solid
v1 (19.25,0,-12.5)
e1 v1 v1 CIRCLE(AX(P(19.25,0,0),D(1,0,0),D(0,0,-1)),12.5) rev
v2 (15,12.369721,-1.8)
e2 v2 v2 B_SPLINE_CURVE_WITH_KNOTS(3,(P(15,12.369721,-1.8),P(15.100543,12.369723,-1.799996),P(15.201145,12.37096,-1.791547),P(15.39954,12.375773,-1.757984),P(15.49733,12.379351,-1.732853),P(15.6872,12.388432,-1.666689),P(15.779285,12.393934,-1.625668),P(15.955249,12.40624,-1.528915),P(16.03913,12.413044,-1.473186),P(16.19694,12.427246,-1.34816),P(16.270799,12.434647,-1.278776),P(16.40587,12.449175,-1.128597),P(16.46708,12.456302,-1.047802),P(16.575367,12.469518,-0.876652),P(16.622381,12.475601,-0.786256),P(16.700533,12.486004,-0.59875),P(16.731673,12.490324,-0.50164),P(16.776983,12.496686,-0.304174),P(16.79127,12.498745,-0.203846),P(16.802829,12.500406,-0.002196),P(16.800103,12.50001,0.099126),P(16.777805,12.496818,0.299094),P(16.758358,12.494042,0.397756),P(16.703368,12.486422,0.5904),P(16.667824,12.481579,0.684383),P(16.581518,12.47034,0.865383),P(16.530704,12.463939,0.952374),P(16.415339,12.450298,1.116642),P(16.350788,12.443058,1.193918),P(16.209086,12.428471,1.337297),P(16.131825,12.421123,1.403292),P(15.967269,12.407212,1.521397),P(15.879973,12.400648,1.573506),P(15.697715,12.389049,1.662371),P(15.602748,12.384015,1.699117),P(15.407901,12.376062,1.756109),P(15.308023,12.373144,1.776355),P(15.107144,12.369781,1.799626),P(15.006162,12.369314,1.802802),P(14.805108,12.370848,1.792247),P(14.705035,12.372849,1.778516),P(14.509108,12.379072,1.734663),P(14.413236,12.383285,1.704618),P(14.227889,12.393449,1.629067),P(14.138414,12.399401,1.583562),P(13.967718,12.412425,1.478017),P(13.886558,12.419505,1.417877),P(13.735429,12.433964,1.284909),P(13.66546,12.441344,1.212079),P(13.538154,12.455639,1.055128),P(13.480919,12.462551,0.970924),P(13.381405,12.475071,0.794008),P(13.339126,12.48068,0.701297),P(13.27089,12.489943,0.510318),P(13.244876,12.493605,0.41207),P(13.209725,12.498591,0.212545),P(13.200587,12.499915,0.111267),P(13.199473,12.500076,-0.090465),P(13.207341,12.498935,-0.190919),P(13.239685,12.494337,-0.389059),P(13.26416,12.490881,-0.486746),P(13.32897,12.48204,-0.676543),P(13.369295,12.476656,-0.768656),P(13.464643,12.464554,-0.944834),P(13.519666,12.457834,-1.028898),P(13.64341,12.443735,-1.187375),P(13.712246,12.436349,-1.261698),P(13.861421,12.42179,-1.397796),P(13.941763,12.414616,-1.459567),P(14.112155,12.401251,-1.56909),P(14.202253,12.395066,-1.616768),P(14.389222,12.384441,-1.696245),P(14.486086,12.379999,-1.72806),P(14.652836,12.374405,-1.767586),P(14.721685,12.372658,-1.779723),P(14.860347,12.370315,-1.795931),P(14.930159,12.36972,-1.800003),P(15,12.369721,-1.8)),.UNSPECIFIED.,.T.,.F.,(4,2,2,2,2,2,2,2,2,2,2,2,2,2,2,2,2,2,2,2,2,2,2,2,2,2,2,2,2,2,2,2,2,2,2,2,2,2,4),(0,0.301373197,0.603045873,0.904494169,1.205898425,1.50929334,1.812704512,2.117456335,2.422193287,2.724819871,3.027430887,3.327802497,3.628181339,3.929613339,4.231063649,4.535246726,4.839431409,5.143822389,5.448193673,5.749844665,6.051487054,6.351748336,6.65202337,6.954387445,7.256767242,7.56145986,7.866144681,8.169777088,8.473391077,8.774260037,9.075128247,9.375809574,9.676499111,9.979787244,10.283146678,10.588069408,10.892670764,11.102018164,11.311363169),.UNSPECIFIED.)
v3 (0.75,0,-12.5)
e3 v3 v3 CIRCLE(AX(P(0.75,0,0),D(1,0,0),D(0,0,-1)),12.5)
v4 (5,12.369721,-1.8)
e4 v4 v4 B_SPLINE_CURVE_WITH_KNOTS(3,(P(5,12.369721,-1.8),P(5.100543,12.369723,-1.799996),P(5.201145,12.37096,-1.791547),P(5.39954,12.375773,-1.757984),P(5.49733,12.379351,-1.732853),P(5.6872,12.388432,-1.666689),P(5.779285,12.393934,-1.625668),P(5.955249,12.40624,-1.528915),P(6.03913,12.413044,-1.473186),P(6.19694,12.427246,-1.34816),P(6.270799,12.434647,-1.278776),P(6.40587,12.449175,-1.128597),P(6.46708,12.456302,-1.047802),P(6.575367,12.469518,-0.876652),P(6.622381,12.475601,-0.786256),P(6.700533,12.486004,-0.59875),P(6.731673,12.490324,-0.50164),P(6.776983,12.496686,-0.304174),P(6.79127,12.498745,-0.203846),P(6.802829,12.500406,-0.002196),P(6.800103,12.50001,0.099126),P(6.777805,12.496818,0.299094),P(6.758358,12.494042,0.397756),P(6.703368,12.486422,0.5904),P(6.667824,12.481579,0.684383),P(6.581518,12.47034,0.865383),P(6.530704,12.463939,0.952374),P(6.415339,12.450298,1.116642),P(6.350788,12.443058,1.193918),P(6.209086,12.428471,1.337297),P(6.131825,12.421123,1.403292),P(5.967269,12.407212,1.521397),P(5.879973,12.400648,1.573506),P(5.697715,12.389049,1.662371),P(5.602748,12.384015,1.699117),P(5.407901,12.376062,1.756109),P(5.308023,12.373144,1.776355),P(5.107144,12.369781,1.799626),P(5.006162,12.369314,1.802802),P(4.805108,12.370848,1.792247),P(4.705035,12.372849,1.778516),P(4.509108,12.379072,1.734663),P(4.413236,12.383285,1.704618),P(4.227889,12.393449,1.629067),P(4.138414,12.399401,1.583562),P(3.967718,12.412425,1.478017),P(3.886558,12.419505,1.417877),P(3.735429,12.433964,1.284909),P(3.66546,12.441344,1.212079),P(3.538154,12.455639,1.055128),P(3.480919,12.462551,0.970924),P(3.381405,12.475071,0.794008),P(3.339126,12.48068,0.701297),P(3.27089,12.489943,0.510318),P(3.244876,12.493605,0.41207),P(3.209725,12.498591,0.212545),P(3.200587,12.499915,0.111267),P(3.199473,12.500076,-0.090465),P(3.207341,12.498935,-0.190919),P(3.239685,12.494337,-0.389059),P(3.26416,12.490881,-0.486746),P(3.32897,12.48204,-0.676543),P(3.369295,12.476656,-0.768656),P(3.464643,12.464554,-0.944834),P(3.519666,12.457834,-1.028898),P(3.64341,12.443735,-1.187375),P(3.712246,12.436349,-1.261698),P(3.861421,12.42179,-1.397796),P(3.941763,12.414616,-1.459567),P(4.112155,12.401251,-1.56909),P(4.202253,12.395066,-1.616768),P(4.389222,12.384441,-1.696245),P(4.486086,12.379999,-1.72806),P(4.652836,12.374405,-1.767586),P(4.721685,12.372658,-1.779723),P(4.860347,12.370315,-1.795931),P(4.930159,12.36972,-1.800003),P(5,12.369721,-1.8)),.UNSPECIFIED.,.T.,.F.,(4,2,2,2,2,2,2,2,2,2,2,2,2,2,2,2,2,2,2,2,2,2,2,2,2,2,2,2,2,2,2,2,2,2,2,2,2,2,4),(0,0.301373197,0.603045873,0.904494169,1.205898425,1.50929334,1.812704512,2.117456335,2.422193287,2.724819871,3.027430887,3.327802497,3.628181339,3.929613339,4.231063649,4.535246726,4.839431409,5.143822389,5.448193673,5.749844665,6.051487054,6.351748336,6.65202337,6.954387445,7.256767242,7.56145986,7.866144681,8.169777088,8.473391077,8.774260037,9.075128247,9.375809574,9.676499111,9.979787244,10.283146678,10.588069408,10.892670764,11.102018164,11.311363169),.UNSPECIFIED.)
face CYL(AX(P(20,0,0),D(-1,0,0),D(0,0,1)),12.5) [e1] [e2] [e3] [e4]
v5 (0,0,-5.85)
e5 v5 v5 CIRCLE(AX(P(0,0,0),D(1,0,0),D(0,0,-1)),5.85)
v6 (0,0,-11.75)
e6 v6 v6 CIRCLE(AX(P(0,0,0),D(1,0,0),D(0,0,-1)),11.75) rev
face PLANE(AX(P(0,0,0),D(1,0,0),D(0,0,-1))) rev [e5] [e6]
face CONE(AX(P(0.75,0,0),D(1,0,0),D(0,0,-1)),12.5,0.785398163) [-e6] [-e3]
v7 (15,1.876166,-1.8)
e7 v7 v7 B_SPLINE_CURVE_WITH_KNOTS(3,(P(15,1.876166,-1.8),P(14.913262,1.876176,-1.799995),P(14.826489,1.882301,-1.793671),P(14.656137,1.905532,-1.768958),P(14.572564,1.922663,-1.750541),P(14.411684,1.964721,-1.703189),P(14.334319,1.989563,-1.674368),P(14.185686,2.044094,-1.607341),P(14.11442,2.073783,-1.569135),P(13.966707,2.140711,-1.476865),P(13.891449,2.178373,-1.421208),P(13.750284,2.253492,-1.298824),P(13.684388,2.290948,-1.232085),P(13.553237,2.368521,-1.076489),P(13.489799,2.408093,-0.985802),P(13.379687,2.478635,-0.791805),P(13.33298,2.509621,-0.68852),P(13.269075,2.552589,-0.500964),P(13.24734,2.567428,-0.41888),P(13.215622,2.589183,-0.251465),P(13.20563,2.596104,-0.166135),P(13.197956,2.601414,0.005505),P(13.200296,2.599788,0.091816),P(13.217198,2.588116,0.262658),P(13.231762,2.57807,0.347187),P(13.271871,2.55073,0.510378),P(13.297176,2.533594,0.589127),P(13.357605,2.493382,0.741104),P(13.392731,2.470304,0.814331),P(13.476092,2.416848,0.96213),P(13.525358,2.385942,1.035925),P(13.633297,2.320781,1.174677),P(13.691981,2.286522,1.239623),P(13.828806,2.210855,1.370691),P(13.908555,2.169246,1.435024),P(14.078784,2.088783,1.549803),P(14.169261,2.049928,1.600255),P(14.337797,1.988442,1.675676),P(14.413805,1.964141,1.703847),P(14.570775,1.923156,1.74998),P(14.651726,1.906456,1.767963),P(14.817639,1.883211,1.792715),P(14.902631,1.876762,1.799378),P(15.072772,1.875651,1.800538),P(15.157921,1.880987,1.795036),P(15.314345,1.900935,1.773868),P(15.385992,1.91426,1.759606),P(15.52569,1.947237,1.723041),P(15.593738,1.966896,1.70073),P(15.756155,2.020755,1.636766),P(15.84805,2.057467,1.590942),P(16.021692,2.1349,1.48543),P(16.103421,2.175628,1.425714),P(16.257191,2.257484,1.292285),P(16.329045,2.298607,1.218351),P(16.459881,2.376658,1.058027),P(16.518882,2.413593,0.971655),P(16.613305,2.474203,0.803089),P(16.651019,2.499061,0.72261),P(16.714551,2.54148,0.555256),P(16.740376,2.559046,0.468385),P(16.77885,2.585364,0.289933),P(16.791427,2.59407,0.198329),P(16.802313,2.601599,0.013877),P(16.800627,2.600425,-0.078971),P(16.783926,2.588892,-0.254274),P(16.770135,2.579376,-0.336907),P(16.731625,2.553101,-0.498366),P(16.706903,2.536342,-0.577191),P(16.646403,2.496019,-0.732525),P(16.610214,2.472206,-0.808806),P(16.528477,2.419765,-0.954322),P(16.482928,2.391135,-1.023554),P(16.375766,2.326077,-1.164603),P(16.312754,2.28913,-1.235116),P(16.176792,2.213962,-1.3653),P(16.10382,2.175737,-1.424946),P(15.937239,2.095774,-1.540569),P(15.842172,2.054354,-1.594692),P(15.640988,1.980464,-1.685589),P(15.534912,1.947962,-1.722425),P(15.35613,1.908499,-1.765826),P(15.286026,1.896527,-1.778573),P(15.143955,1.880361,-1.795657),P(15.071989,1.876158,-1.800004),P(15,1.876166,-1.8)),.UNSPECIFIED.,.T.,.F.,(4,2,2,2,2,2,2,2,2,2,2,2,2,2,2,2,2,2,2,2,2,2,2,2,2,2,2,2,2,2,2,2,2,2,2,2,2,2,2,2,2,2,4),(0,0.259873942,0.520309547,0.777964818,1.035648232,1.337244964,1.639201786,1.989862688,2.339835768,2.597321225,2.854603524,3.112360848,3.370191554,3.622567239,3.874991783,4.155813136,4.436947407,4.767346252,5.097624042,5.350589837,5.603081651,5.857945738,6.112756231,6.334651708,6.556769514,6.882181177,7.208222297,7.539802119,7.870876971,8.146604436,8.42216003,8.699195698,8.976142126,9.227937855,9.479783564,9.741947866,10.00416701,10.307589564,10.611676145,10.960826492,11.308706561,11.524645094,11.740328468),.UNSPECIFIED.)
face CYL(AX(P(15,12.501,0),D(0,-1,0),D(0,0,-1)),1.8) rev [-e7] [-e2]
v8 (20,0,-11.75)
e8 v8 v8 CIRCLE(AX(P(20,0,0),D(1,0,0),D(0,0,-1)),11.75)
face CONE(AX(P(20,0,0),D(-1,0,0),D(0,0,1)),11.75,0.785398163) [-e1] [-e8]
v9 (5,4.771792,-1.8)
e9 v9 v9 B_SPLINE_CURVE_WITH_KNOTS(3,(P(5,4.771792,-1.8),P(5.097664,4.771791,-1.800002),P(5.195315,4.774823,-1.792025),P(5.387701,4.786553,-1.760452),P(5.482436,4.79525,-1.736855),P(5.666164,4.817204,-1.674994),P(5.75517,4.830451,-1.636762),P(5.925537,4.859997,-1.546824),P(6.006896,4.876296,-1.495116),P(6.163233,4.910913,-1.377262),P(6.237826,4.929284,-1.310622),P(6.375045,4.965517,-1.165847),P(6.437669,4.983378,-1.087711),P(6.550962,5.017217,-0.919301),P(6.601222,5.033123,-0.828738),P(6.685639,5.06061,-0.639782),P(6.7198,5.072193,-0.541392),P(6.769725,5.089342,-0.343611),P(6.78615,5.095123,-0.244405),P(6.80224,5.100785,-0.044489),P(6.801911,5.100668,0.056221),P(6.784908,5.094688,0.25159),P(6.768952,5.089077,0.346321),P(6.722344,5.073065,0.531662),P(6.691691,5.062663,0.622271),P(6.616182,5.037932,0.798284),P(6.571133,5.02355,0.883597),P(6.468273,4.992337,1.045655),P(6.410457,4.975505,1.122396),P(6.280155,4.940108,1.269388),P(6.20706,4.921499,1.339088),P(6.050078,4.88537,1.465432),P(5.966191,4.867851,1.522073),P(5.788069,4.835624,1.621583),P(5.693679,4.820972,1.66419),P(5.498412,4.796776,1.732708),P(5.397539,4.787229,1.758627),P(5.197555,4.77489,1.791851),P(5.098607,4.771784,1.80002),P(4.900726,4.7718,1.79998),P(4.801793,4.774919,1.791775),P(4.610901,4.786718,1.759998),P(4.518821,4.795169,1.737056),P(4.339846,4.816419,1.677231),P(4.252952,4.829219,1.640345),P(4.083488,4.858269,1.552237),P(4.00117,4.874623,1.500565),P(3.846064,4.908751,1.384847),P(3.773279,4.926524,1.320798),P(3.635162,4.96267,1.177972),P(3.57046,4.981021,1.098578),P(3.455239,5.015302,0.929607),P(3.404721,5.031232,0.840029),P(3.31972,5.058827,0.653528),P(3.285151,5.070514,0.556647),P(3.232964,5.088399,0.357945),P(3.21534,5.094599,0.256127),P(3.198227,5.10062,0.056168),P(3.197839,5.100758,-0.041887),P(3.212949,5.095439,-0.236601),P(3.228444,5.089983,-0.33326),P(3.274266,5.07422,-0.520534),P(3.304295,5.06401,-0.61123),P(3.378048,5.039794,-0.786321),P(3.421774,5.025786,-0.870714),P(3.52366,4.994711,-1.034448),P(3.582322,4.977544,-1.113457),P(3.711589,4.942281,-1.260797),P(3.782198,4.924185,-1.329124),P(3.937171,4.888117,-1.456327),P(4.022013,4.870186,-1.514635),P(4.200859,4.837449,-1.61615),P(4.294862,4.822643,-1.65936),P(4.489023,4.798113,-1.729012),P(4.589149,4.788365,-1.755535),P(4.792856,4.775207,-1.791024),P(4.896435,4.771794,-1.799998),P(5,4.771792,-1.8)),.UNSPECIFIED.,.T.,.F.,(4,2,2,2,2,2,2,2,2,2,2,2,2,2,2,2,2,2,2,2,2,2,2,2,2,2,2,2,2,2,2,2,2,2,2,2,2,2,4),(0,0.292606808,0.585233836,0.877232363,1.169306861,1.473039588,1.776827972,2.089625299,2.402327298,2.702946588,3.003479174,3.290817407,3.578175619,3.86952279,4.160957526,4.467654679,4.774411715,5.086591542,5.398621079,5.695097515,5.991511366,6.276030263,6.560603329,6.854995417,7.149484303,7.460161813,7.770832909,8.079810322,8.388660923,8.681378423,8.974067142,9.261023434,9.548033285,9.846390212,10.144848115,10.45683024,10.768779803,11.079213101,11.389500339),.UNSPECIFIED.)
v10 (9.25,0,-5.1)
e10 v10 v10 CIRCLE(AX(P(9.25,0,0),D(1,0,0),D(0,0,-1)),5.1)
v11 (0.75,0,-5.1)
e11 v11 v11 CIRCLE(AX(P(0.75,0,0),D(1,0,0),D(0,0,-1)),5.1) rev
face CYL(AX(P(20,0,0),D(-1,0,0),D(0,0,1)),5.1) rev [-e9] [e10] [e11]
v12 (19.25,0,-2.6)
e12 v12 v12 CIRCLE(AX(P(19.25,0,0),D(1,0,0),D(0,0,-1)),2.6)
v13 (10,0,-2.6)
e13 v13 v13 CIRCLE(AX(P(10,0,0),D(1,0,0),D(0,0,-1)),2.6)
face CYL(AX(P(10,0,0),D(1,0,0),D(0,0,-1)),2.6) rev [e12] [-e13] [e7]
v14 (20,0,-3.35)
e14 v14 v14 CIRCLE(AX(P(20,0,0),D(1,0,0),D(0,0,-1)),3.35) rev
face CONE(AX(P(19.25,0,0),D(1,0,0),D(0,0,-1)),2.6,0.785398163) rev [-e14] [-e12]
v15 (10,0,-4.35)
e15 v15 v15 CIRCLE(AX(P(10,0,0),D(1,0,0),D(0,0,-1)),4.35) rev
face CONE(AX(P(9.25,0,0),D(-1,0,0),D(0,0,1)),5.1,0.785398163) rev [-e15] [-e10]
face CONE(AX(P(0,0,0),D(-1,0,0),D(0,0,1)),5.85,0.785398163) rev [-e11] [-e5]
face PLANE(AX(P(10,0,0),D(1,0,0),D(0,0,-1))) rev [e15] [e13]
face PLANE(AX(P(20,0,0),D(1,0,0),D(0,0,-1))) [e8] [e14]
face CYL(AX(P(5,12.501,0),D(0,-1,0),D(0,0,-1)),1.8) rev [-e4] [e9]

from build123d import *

# Parameters (mm, degrees)
SKETCH1_R           = 12.5
SKETCH1_R_2         = 5.1
BOSS_EXTRUDE1_DEPTH = 20
SKETCH2_R           = 5.1
SKETCH2_R_2         = 2.6
BOSS_EXTRUDE2_DEPTH = 10
CUT_EXTRUDE1_REACH  = 14.5
SKETCH3_R           = 1.8
CHAMFER1_SIZE       = 0.75


with BuildPart() as part:
    # Sketch1 → Boss-Extrude1 (new body)
    with BuildSketch(Plane(origin=(0, 0, 0), x_dir=(0, 0, -1), z_dir=(1, 0, 0))):
        Circle(SKETCH1_R)
        Circle(SKETCH1_R_2, mode=Mode.SUBTRACT)
    extrude(amount=BOSS_EXTRUDE1_DEPTH)

    # Sketch2 → Boss-Extrude2 (add)
    with BuildSketch(Plane(origin=(20, 0, 0), x_dir=(0, 0, -1), z_dir=(1, 0, 0))):
        Circle(SKETCH2_R)
        Circle(SKETCH2_R_2, mode=Mode.SUBTRACT)
    extrude(amount=-BOSS_EXTRUDE2_DEPTH)

    # Sketch3 → Cut-Extrude1 (cut, up to next)
    with BuildSketch(Plane(origin=(0, 0, 0), x_dir=(1, 0, 0), z_dir=(0, 1, 0)), mode=Mode.PRIVATE) as cut_extrude1_sk1:
        with Locations((5, 0)):
            Circle(SKETCH3_R)
    cut_extrude1_tool1 = extrude(cut_extrude1_sk1.sketch, amount=CUT_EXTRUDE1_REACH, mode=Mode.PRIVATE) & part.part
    add(cut_extrude1_tool1.solids().sort_by_distance((5, 0, 0))[0], mode=Mode.SUBTRACT)
    # Sketch3 → Cut-Extrude1 (cut, up to next)
    with BuildSketch(Plane(origin=(0, 0, 0), x_dir=(1, 0, 0), z_dir=(0, 1, 0)), mode=Mode.PRIVATE) as cut_extrude1_sk2:
        with Locations((15, 0)):
            Circle(SKETCH3_R)
    cut_extrude1_tool2 = extrude(cut_extrude1_sk2.sketch, amount=CUT_EXTRUDE1_REACH, mode=Mode.PRIVATE) & part.part
    add(cut_extrude1_tool2.solids().sort_by_distance((15, 0, 0))[0], mode=Mode.SUBTRACT)

    # Chamfer1
    chamfer1_edges = [part.edges().sort_by_distance(p)[0] for p in [
        (10, 0, 5.1),
        (20, 0, 2.6),
        (0, 0, 12.5),
        (20, 0, 12.5),
        (0, 0, 5.1),
    ]]
    chamfer(chamfer1_edges, length=CHAMFER1_SIZE)


solid = part.part
